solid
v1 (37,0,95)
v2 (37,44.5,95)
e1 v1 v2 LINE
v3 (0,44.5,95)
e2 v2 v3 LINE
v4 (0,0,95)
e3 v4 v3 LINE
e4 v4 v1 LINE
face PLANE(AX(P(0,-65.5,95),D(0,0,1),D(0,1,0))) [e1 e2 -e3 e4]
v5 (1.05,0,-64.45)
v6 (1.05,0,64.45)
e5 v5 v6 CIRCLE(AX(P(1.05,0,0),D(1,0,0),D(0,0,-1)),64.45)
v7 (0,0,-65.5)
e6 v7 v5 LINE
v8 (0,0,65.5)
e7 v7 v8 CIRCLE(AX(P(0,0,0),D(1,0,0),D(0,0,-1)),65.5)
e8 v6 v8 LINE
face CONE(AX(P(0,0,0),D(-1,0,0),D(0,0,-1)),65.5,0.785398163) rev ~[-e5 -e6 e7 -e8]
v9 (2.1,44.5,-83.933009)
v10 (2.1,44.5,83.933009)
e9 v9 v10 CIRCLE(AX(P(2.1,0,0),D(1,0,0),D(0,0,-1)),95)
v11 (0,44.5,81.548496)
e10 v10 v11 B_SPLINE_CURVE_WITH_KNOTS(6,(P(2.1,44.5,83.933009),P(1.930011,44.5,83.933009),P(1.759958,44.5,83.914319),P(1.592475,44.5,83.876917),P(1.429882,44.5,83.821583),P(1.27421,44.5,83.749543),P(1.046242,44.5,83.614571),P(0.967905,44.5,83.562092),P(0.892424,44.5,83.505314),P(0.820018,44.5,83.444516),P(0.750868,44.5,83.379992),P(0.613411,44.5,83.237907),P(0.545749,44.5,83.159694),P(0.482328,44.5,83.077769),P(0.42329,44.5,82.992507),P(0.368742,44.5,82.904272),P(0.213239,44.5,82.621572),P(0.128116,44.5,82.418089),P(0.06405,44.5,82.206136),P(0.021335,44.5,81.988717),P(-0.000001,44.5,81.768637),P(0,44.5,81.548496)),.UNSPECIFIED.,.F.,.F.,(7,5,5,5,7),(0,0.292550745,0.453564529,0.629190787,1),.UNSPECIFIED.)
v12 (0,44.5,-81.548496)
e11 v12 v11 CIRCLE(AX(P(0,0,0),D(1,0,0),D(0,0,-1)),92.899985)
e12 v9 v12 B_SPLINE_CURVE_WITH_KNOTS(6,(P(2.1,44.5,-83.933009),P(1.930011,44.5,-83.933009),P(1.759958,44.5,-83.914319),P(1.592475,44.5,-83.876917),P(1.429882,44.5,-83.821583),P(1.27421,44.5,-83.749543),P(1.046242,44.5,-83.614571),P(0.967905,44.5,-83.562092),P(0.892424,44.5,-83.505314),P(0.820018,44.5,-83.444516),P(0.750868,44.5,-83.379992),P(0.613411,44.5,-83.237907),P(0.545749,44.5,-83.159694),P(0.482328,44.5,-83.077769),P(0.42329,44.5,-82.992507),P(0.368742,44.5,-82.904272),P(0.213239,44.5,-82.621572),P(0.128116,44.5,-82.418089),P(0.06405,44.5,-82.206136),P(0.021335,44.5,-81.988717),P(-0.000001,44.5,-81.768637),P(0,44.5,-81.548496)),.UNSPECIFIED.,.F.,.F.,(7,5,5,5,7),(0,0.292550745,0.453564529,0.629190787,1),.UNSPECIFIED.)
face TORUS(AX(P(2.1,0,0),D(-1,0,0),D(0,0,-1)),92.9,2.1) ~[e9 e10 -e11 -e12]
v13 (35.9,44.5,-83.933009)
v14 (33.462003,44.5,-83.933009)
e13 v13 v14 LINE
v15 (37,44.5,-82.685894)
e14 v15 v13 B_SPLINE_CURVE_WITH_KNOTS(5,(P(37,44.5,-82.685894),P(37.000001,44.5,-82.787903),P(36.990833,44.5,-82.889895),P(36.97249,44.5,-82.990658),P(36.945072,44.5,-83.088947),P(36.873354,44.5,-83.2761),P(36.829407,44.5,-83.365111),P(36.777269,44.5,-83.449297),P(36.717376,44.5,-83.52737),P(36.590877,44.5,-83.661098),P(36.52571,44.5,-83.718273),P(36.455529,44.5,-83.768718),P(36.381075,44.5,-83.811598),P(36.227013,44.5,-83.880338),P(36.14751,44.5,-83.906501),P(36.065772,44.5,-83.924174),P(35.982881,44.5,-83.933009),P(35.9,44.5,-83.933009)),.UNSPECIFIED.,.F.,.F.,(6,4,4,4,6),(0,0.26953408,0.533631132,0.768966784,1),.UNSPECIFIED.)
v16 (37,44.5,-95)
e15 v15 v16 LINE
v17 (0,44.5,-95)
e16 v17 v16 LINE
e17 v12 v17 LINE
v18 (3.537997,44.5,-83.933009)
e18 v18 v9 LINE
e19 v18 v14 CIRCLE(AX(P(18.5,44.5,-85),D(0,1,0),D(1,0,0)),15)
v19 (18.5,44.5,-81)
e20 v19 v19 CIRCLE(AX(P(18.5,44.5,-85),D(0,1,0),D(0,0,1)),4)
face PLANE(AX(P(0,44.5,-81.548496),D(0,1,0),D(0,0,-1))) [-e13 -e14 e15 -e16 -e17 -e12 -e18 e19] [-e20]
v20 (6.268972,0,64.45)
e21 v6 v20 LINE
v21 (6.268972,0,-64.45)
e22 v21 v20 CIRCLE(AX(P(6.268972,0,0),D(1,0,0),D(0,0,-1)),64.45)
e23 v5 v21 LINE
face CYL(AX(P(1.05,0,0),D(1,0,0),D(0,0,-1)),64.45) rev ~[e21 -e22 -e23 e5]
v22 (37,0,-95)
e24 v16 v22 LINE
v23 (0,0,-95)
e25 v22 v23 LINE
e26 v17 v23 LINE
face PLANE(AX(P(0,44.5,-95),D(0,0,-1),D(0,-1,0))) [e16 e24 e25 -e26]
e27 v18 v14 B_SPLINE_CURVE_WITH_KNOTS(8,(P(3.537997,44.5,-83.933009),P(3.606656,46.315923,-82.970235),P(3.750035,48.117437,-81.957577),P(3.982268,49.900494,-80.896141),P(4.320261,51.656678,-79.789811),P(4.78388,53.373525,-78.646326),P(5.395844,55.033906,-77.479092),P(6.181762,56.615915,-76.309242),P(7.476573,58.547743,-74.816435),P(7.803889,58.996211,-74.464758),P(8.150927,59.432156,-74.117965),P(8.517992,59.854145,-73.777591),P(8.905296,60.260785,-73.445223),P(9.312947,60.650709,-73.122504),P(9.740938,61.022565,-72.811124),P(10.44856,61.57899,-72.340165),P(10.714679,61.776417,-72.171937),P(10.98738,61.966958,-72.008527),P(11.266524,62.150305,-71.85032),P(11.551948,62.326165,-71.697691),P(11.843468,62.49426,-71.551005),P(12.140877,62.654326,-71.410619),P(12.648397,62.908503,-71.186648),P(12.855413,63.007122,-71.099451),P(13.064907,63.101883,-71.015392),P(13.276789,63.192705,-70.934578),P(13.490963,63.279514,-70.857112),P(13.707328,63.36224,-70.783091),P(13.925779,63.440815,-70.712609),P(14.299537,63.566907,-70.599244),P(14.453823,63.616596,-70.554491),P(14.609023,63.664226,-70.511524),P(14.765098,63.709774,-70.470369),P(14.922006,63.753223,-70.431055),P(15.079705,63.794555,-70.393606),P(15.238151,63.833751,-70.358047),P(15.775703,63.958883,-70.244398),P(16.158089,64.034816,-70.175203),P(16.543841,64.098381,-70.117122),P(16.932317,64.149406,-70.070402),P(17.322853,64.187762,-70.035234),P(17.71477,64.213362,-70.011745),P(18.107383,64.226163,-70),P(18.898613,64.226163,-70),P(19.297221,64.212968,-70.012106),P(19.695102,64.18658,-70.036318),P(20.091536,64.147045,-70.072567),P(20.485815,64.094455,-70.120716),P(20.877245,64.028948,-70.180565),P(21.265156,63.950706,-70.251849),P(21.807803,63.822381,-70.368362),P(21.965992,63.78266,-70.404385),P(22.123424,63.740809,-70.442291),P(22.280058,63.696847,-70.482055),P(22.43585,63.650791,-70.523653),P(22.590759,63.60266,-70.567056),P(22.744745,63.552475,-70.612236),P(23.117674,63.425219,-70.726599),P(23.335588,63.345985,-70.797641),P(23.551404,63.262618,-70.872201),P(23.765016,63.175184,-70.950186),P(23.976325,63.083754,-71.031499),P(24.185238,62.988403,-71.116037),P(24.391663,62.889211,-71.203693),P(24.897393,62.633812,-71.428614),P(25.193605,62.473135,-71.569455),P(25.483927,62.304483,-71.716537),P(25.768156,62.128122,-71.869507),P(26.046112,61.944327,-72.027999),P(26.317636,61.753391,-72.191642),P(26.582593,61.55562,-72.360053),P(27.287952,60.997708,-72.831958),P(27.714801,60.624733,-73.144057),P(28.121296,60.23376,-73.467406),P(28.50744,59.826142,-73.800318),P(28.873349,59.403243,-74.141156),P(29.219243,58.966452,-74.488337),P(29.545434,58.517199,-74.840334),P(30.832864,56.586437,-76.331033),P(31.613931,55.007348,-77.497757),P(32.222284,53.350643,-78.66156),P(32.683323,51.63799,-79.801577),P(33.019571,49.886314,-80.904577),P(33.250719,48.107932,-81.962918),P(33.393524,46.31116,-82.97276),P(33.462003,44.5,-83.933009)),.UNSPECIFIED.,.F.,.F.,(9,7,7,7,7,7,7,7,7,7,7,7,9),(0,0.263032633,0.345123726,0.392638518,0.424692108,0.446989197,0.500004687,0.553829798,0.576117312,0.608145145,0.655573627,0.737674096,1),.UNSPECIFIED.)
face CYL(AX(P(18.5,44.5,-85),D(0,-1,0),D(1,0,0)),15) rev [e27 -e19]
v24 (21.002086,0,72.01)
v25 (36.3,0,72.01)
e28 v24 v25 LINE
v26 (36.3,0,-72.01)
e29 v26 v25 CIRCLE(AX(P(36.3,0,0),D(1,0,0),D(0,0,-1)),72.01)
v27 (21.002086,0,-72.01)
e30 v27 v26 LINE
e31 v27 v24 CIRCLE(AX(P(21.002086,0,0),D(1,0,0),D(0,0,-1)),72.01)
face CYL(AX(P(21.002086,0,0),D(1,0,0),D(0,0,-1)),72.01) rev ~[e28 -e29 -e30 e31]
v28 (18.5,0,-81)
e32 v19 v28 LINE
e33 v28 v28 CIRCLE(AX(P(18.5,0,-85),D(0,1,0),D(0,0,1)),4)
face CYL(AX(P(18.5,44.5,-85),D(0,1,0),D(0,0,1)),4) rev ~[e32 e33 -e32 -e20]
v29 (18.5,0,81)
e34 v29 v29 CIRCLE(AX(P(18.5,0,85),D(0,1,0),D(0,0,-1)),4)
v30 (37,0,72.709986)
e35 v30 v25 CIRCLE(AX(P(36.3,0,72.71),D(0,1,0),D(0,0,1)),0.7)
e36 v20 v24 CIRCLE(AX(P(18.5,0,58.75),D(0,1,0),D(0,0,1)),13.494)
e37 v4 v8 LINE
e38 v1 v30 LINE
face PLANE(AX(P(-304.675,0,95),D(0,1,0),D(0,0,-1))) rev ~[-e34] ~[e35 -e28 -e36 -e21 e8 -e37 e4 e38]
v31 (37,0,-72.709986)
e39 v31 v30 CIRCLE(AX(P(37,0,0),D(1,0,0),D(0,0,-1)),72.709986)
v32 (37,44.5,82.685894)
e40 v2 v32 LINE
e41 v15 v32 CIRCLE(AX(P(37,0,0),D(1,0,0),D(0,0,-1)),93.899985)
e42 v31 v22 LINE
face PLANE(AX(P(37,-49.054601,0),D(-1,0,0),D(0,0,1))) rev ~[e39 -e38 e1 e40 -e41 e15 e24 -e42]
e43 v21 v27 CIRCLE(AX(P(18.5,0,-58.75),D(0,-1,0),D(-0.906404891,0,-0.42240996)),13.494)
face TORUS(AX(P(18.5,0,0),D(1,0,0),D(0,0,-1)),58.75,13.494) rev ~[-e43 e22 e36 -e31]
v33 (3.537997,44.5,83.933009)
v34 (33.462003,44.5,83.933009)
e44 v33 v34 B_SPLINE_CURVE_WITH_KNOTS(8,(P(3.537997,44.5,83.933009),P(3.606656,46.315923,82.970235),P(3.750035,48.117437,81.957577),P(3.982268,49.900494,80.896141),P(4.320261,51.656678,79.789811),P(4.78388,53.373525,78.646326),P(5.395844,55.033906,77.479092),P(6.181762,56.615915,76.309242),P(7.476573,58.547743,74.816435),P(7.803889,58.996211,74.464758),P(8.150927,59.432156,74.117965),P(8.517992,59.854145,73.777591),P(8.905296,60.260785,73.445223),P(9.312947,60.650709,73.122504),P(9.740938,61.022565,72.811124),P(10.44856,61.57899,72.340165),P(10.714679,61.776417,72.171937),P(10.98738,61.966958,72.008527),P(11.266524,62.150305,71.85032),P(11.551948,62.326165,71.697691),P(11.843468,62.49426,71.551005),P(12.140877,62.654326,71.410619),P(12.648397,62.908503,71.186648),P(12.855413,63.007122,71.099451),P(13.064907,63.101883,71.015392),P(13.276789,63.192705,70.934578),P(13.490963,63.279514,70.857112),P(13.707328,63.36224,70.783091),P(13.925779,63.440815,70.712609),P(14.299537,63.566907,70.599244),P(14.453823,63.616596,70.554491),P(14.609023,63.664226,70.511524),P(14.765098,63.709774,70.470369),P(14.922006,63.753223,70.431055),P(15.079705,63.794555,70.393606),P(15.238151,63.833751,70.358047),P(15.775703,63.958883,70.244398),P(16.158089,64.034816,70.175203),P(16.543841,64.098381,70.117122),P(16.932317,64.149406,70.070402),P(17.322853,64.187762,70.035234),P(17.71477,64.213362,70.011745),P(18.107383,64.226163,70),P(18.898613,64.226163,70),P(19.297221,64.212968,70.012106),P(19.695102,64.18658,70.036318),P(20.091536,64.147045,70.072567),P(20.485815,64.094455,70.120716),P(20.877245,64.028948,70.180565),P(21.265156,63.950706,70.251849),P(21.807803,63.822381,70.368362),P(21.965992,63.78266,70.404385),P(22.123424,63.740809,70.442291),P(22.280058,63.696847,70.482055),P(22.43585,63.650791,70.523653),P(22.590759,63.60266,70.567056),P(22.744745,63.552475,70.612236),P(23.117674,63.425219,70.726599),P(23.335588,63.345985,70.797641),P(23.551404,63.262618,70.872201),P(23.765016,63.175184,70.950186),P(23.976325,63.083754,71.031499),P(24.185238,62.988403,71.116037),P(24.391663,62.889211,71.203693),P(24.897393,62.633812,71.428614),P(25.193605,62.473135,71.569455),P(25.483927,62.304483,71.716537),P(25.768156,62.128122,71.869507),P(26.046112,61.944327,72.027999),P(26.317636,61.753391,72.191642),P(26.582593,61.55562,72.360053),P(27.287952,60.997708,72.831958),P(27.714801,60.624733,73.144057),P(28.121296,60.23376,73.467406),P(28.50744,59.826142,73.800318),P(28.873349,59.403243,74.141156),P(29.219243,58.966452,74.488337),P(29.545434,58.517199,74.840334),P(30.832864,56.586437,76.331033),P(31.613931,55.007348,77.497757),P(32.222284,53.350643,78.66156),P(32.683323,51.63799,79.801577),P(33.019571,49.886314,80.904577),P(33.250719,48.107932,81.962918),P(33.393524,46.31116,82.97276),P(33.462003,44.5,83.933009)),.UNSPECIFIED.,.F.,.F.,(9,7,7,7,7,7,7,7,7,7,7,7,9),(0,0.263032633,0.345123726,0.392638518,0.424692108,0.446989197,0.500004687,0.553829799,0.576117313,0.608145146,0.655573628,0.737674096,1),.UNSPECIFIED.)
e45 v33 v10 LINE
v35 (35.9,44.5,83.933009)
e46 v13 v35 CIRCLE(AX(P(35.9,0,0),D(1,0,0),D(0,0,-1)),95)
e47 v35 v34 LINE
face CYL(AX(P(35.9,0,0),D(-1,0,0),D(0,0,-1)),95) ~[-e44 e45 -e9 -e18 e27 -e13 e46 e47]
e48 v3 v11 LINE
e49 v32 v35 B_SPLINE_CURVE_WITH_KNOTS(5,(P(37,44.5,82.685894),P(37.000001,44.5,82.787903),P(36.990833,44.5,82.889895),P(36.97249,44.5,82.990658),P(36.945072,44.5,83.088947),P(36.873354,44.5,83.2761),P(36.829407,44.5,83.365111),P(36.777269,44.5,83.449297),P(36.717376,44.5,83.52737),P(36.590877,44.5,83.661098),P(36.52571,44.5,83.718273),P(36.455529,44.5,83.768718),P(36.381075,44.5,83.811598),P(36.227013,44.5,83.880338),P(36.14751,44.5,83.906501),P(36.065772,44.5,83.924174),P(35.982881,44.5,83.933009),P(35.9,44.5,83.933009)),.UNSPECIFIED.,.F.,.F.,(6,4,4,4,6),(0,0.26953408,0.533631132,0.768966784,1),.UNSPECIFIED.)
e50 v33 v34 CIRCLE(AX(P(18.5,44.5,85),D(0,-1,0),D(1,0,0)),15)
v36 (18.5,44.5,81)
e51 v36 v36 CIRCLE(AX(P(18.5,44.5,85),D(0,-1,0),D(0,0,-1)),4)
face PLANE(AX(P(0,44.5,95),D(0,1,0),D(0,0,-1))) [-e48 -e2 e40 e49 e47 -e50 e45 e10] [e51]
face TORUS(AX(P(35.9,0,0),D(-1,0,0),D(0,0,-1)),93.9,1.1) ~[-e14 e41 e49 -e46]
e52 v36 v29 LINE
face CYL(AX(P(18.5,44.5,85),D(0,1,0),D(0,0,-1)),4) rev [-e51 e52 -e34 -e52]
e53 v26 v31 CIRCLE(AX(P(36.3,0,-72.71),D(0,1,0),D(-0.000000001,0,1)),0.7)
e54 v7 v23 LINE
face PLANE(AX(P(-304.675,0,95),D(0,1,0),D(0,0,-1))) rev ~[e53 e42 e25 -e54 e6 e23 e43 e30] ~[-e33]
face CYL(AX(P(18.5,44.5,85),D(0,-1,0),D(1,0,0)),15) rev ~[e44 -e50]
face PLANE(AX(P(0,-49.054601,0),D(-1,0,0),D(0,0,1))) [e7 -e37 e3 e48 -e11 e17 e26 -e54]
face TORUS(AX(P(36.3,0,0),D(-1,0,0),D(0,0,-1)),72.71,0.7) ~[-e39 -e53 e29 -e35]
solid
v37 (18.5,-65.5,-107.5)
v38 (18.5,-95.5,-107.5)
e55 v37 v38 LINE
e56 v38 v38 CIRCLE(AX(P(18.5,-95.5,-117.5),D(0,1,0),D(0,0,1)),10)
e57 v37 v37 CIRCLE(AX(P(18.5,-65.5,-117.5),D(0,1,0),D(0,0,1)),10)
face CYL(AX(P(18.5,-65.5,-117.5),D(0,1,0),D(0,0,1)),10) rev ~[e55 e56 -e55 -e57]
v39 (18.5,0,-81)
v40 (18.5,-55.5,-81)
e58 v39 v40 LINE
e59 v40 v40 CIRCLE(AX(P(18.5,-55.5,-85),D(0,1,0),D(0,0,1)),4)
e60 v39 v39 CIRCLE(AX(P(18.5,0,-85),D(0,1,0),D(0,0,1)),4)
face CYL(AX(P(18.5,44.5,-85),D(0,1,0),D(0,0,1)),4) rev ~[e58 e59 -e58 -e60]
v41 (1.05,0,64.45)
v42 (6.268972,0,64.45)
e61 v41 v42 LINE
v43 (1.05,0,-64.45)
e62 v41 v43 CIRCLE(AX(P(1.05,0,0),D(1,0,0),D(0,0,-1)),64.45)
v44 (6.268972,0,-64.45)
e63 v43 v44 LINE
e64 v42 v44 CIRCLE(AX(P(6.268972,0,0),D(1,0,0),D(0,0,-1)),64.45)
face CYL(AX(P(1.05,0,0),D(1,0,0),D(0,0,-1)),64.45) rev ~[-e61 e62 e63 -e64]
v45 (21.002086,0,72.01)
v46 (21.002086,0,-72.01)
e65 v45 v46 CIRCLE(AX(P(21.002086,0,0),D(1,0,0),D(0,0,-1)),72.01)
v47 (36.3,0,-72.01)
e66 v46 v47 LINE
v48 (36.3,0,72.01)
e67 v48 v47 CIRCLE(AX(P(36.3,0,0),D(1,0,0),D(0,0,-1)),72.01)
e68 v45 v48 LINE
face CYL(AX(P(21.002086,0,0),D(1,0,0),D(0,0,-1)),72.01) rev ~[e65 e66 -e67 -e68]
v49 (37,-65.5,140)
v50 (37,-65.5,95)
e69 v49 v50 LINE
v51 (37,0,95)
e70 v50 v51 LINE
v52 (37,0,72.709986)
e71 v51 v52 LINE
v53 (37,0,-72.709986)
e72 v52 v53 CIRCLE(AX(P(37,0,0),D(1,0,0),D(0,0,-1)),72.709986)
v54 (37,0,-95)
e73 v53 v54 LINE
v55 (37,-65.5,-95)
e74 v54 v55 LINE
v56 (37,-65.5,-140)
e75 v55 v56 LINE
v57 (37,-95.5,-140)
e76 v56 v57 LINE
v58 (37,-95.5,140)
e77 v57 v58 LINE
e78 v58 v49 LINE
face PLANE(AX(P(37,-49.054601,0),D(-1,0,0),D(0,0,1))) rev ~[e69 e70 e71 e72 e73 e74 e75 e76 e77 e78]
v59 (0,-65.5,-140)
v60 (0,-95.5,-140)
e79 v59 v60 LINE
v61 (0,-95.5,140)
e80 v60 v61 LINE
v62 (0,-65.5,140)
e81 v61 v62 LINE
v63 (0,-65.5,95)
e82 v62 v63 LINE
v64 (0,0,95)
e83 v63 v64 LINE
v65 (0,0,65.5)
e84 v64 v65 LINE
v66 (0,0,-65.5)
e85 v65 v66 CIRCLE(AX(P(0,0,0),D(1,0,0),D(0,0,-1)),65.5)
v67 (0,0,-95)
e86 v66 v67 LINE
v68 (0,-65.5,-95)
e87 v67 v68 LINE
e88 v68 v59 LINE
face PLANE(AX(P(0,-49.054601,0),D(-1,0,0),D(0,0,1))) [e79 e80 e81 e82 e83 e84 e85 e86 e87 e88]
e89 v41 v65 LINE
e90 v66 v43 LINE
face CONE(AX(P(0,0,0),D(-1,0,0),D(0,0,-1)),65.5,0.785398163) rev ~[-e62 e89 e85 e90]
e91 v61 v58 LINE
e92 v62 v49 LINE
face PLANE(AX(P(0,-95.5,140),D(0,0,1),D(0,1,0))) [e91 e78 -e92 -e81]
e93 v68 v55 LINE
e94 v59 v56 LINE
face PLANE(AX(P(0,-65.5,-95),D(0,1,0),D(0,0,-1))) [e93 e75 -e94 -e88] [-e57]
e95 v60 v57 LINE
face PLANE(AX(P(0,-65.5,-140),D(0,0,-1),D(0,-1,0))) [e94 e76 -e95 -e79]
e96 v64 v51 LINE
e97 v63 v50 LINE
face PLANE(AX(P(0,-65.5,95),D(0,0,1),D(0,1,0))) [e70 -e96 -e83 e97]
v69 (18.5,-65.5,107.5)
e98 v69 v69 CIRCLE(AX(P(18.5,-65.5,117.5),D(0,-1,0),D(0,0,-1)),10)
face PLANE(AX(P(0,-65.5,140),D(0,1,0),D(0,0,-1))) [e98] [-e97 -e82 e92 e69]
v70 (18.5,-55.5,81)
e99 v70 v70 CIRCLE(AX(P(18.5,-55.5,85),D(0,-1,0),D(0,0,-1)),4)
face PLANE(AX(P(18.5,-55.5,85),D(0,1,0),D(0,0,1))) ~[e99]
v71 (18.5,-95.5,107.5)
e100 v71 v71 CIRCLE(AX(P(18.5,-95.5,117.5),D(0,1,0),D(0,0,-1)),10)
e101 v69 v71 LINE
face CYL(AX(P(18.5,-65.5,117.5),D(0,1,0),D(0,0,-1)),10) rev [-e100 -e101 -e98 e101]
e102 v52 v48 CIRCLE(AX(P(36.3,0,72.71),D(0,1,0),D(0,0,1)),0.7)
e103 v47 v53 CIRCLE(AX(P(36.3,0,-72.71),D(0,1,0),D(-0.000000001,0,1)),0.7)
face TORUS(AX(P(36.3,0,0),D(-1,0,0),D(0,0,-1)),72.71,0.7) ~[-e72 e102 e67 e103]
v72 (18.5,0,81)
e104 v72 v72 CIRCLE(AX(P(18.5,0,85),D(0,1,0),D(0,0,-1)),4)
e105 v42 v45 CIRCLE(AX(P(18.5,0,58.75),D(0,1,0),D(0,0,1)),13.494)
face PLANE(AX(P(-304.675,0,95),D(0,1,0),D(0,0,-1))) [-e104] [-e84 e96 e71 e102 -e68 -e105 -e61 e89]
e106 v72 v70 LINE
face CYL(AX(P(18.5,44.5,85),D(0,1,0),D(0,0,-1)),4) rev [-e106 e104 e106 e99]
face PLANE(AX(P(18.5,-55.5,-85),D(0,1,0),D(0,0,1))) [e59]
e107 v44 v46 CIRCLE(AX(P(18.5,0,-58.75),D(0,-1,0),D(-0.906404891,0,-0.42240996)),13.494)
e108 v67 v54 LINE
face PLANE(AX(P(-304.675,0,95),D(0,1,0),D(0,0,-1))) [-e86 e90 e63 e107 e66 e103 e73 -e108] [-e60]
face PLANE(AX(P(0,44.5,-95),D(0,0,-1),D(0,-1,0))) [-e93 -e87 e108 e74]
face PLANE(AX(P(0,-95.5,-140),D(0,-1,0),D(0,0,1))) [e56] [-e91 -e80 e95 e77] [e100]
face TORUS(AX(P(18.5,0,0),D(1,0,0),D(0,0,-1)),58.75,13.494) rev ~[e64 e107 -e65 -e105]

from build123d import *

# Parameters (mm, degrees)
BOSS_EXTRU_2_DEPTH           = 37
ESQUISSE4_R                  = 15
ENL_V_MAT_EXTRU_1_DEPTH      = 37
ESQUISSE6_R                  = 4
ENL_V_MAT_EXTRU_2_DEPTH      = 100
ESQUISSE7_R                  = 10
ENL_V_MAT_EXTRU_3_DEPTH      = 217.169494105
FRACTIONNER2_SURFACE_1_BACK  = 341.675
FRACTIONNER2_SURFACE_1_DEPTH = 683.35
FRACTIONNER2_SURFACE_2_BACK  = 341.675
FRACTIONNER2_SURFACE_2_DEPTH = 683.35


with BuildPart() as part:
    # Esquisse1 → Révolution1 (revolve)
    with BuildSketch(Plane.XY, mode=Mode.PRIVATE) as r_volution1_sk:
        with BuildLine():
            Line((0, 92.899985), (0, 65.5))
            Line((0, 65.5), (1.05, 64.45))
            Line((1.05, 64.45), (6.268972406, 64.45))
            ThreePointArc((6.268972406, 64.45), (12.33952319, 70.755688713), (21.002086329, 72.01))
            Line((21.002086329, 72.01), (36.3, 72.01))
            ThreePointArc((36.3, 72.01), (36.794969719, 72.215020225), (37, 72.709985779))
            Line((37, 72.709985779), (37, 93.899984804))
            ThreePointArc((37, 93.899984804), (36.677822915, 94.67781224), (35.9, 95.000000237))
            Line((35.9, 95.000000237), (2.1, 95.000000237))
            ThreePointArc((2.1, 95.000000237), (0.615070373, 94.38491909), (0, 92.899985))
        make_face()
    revolve(r_volution1_sk.sketch.rotate(Axis((-0.001288092, 0, 0), (1, 0, 0)), 270), axis=Axis((-0.001288092, 0, 0), (1, 0, 0)))

    # Esquisse2 → Boss.-Extru.2 (add)
    with BuildSketch(Plane.ZY):
        with BuildLine():
            Line((-95.000000237, 44.5), (-95.000000237, -65.5))
            Line((-95.000000237, -65.5), (-140.000000237, -65.5))
            Line((-140.000000237, -65.5), (-140.000000237, -95.5))
            Line((-140.000000237, -95.5), (140.000000237, -95.5))
            Line((140.000000237, -95.5), (140.000000237, -65.5))
            Line((140.000000237, -65.5), (95.000000237, -65.5))
            Line((95.000000237, -65.5), (95.000000237, 44.5))
            Line((95.000000237, 44.5), (81.548496081, 44.5))
            ThreePointArc((81.548496081, 44.5), (90.017390752, 22.962503678), (92.899985, 0))
            ThreePointArc((92.899985, 0), (0, -92.899985), (-92.899985, 0))
            ThreePointArc((-92.899985, 0), (-90.017390752, 22.962503678), (-81.548496081, 44.5))
            Line((-81.548496081, 44.5), (-95.000000237, 44.5))
        make_face()
    extrude(amount=-BOSS_EXTRU_2_DEPTH)

    # Esquisse4 → Enlèv. mat.-Extru.1 (cut)
    with BuildSketch(Plane(origin=(0, 44.5, 0), x_dir=(1, 0, 0), z_dir=(0, 1, 0))):
        with Locations((18.5, 85.000000237)):
            Circle(ESQUISSE4_R)
    enl_v_mat_extru_1 = extrude(amount=ENL_V_MAT_EXTRU_1_DEPTH, mode=Mode.SUBTRACT)

    # Esquisse6 → Enlèv. mat.-Extru.2 (cut)
    with BuildSketch(Plane(origin=(0, 44.5, 0), x_dir=(1, 0, 0), z_dir=(0, 1, 0))):
        with Locations(Location((18.5, 85.000000237, 0), (0, 0, 270))):
            Circle(ESQUISSE6_R)
    enl_v_mat_extru_2 = extrude(amount=-ENL_V_MAT_EXTRU_2_DEPTH, mode=Mode.SUBTRACT)

    # Esquisse7 → Enlèv. mat.-Extru.3 (cut, through all)
    with BuildSketch(Plane(origin=(0, -65.5, 0), x_dir=(1, 0, 0), z_dir=(0, 1, 0))):
        with Locations(Location((18.5, 117.500000237, 0), (0, 0, 270))):
            Circle(ESQUISSE7_R)
    enl_v_mat_extru_3 = extrude(amount=-ENL_V_MAT_EXTRU_3_DEPTH, mode=Mode.SUBTRACT)

    # Symétrie1: Enlèv. mat.-Extru.1, Enlèv. mat.-Extru.2, Enlèv. mat.-Extru.3 across plane
    add(enl_v_mat_extru_1.mirror(Plane.XY), mode=Mode.SUBTRACT)
    add(enl_v_mat_extru_2.mirror(Plane.XY), mode=Mode.SUBTRACT)
    add(enl_v_mat_extru_3.mirror(Plane.XY), mode=Mode.SUBTRACT)


with BuildPart() as body_2:
    # Fractionner2: the piece behind the surface
    add(part.part)
    # Fractionner2 surface: a surface, the sketch's curves swept straight by 683.35 mm
    with BuildLine(Plane(origin=(37, 0, 0), x_dir=(0, 0, -1), z_dir=(1, 0, 0)).offset(-FRACTIONNER2_SURFACE_1_BACK), mode=Mode.PRIVATE) as fractionner2_surface_1_path:
        Line((-95.000000237, 0), (95.000000237, 0))
    fractionner2_surface_1 = Shell.extrude(fractionner2_surface_1_path.wire(), (1 * FRACTIONNER2_SURFACE_1_DEPTH, 0 * FRACTIONNER2_SURFACE_1_DEPTH, 0 * FRACTIONNER2_SURFACE_1_DEPTH))
    split(bisect_by=fractionner2_surface_1, keep=Keep.BOTTOM)


with BuildPart() as part_1:
    add(part.part)

    # Fractionner2: split by a surface, the side it looks to stays
    # Fractionner2 surface: a surface, the sketch's curves swept straight by 683.35 mm
    with BuildLine(Plane(origin=(37, 0, 0), x_dir=(0, 0, -1), z_dir=(1, 0, 0)).offset(-FRACTIONNER2_SURFACE_2_BACK), mode=Mode.PRIVATE) as fractionner2_surface_2_path:
        Line((-95.000000237, 0), (95.000000237, 0))
    fractionner2_surface_2 = Shell.extrude(fractionner2_surface_2_path.wire(), (1 * FRACTIONNER2_SURFACE_2_DEPTH, 0 * FRACTIONNER2_SURFACE_2_DEPTH, 0 * FRACTIONNER2_SURFACE_2_DEPTH))
    split(bisect_by=fractionner2_surface_2, keep=Keep.TOP)


solid = Compound([body_2.part, part_1.part])
